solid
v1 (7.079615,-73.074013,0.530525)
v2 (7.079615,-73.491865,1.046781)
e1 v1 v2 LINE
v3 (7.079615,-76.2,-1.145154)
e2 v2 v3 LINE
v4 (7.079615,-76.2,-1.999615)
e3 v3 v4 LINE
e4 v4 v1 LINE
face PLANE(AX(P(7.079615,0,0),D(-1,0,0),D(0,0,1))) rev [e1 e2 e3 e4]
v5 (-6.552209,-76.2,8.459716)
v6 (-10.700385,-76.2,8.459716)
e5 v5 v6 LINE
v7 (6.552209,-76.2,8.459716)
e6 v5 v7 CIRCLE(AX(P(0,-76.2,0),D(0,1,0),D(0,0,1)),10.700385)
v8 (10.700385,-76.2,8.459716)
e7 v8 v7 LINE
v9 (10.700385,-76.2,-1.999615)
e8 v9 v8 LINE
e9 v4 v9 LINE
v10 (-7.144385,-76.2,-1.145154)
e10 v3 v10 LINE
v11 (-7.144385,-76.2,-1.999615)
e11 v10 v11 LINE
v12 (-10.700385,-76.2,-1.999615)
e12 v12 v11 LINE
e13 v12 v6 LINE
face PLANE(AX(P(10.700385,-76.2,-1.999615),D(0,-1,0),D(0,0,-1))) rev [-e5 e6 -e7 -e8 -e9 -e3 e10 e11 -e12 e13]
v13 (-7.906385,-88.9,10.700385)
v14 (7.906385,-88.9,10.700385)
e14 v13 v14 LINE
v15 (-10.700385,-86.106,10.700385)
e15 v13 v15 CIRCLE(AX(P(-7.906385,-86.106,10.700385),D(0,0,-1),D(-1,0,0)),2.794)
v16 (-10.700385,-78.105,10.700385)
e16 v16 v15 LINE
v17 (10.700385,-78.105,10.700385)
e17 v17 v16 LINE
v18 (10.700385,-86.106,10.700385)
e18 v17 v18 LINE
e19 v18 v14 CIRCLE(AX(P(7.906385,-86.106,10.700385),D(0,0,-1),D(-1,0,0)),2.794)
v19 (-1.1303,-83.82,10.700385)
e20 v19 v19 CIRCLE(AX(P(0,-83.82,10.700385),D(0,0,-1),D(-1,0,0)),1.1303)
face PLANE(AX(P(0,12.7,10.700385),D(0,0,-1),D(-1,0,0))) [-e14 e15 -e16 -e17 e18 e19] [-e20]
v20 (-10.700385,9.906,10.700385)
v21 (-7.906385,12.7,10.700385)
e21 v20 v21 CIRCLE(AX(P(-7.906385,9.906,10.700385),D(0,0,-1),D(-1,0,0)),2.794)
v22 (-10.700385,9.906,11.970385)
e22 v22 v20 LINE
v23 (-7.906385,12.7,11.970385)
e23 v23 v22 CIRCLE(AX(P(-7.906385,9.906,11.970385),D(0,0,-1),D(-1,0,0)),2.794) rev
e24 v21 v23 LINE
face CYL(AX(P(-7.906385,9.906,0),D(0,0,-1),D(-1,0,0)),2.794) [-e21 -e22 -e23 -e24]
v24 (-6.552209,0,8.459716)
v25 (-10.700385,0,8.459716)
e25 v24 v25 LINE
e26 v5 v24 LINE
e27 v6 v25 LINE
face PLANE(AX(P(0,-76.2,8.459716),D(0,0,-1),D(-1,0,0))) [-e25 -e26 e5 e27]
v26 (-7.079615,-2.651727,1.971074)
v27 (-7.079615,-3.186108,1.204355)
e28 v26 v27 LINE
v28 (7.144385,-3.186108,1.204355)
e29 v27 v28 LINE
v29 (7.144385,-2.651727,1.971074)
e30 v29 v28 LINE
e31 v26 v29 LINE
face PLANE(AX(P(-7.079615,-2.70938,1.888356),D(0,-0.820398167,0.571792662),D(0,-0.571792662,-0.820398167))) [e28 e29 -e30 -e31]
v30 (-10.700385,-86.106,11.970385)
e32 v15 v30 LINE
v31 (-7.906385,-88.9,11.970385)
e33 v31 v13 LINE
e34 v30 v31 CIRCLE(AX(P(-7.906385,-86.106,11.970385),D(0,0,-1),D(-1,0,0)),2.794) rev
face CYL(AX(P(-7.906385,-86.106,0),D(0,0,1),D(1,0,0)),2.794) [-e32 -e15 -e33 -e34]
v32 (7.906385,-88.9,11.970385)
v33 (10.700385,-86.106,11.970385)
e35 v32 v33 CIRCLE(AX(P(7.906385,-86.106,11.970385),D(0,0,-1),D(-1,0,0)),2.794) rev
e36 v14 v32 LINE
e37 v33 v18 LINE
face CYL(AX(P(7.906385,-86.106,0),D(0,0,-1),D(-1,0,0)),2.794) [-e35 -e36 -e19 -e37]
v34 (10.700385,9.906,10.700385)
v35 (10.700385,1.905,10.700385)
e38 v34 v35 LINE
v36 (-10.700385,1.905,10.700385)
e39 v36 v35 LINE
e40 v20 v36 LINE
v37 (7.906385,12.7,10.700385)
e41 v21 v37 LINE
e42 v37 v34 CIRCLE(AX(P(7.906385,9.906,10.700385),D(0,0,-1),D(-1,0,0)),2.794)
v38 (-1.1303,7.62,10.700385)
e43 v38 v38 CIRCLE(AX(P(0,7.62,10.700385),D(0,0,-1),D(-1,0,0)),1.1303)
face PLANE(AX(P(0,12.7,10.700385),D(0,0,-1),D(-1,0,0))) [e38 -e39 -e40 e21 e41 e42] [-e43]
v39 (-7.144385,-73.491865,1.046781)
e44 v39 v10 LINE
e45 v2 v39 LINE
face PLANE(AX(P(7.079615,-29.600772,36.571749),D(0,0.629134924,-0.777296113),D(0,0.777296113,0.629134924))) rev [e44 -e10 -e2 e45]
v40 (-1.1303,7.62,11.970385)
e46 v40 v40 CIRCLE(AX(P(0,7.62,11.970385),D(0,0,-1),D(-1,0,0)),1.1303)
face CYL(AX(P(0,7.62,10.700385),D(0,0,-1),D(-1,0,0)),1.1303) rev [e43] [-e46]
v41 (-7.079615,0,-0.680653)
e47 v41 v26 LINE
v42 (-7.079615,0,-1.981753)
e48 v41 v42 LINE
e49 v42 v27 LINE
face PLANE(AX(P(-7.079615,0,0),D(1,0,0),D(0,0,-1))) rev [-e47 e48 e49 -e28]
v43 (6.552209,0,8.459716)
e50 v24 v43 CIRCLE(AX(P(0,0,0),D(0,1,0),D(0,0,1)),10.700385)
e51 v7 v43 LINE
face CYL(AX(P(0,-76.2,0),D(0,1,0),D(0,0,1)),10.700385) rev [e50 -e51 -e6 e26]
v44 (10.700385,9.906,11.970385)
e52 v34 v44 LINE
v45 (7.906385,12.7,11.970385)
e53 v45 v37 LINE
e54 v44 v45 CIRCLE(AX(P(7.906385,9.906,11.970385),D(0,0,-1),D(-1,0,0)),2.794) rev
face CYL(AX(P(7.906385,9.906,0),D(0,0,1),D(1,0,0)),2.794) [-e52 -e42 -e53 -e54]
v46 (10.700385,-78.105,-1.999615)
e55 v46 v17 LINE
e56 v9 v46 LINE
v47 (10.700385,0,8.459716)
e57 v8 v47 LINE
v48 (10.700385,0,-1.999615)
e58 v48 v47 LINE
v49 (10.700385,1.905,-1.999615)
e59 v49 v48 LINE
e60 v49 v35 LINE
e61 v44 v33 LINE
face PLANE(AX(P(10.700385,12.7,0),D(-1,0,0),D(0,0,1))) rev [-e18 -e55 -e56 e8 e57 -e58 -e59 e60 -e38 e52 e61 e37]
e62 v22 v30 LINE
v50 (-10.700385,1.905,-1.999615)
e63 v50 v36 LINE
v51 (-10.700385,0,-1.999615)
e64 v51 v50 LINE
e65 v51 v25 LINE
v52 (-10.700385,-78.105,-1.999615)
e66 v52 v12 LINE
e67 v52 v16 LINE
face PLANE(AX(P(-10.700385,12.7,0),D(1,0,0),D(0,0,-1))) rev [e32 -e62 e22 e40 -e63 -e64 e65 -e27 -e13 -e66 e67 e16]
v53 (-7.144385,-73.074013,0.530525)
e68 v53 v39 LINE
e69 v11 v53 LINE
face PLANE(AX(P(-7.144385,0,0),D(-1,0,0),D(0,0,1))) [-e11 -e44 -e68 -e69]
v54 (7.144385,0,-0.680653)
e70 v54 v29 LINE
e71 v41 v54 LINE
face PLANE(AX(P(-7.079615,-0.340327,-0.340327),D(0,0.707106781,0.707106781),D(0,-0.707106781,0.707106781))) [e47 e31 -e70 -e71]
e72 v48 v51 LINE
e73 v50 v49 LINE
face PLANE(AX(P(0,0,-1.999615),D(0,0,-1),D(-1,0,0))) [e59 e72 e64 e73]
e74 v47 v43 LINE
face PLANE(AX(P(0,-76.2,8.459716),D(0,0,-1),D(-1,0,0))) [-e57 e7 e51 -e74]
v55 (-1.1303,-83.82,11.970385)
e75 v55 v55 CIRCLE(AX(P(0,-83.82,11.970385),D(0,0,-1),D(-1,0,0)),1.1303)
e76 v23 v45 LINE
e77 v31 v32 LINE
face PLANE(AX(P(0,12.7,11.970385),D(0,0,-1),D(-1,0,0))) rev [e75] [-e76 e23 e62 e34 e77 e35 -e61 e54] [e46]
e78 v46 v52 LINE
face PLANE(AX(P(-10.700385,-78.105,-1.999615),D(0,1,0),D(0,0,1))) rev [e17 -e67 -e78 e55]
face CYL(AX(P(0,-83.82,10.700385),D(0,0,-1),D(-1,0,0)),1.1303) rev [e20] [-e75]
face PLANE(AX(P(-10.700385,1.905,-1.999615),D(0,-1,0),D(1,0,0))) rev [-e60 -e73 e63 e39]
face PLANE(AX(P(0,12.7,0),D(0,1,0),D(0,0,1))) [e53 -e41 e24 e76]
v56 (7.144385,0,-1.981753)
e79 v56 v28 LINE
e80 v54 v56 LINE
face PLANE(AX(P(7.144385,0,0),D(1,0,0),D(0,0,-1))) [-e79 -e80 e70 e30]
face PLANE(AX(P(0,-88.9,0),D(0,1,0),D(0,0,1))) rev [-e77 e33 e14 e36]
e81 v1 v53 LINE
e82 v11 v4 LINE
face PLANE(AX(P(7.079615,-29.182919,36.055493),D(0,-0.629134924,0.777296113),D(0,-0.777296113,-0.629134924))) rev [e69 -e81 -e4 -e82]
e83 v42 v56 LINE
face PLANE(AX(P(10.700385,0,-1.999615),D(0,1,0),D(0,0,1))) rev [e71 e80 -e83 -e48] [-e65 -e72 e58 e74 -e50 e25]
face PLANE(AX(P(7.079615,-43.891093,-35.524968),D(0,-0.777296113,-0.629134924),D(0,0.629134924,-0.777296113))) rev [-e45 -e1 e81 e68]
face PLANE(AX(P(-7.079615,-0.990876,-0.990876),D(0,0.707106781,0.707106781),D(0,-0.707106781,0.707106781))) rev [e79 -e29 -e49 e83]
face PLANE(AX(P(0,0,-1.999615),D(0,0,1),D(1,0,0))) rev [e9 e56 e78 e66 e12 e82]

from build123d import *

# Parameters (mm, degrees)
BOSS_EXTRUDE3_DEPTH       = 12.7
BOSS_EXTRUDE3_DEPTH_BACK  = 88.9
BOSS_EXTRUDE4_DEPTH       = 76.2
SKETCH3_W                 = 21.40077
SKETCH3_H                 = 1.905
BOSS_EXTRUDE5_DEPTH       = 12.7
SKETCH4_W                 = 21.40077
SKETCH4_H                 = 1.905
BOSS_EXTRUDE6_DEPTH       = 12.7
BOSS_EXTRUDE7_DEPTH       = 17.78
CUT_EXTRUDE1_DEPTH        = 3.556
BOSS_EXTRUDE8_DEPTH       = 17.78
CUT_EXTRUDE2_DEPTH        = 3.556
F_4_40_TAPPED_HOLE1_D     = 2.2606
F_4_40_TAPPED_HOLE1_DEPTH = 7.62
F_4_40_TAPPED_HOLE1_TIP   = 0.679152758
FILLET1_R                 = 2.794


with BuildPart() as part:
    # Sketch2 → Boss-Extrude3 (new, two sides: drawn at the far end of the back side and taken through both)
    with BuildSketch(Plane(origin=(0, 0, 0), x_dir=(1, 0, 0), z_dir=(0, 1, 0)).offset(-BOSS_EXTRUDE3_DEPTH_BACK)):
        Polygon((10.700385, -10.700385), (0, -10.700385), (-10.700385, -10.700385), (-10.700385, -11.970385), (10.700385, -11.970385), align=None)
    extrude(amount=BOSS_EXTRUDE3_DEPTH + BOSS_EXTRUDE3_DEPTH_BACK)

    # Sketch2<3> → Boss-Extrude4 (add)
    with BuildSketch(Plane(origin=(0, 0, 0), x_dir=(1, 0, 0), z_dir=(0, 1, 0))):
        with BuildLine():
            ThreePointArc((0, -10.700385), (-3.462370633, -10.124733515), (-6.552209101, -8.459716014))
            Line((-6.552209101, -8.459716014), (-10.700385, -8.459716014))
            Line((-10.700385, -8.459716014), (-10.700385, -10.700385))
            Line((-10.700385, -10.700385), (0, -10.700385))
        make_face()
        with BuildLine():
            ThreePointArc((6.552209101, -8.459716014), (3.462370633, -10.124733515), (0, -10.700385))
            Line((0, -10.700385), (10.700385, -10.700385))
            Line((10.700385, -10.700385), (10.700385, -8.459716014))
            Line((10.700385, -8.459716014), (6.552209101, -8.459716014))
        make_face()
    extrude(amount=-BOSS_EXTRUDE4_DEPTH)

    # Sketch3 → Boss-Extrude5 (add)
    with BuildSketch(Plane(origin=(0, 0, 10.700385), x_dir=(-1, 0, 0), z_dir=(0, 0, -1))):
        with Locations((0, 0.9525)):
            Rectangle(SKETCH3_W, SKETCH3_H)
    extrude(amount=BOSS_EXTRUDE5_DEPTH)

    # Sketch4 → Boss-Extrude6 (add)
    with BuildSketch(Plane(origin=(0, 0, 10.700385), x_dir=(-1, 0, 0), z_dir=(0, 0, -1))):
        with Locations((0, -77.1525)):
            Rectangle(SKETCH4_W, SKETCH4_H)
    extrude(amount=BOSS_EXTRUDE6_DEPTH)

    # Sketch5 → Boss-Extrude7 (add)
    with BuildSketch(Plane(origin=(10.700385, 0, 0), x_dir=(0, 0, -1), z_dir=(1, 0, 0))):
        Polygon((-1.204354753, -3.186107507), (1.981752753, 0), (0.680653279, 0), (-1.971074087, -2.651727366), align=None)
    extrude(amount=-BOSS_EXTRUDE7_DEPTH)

    # Sketch5<4> → Cut-Extrude1 (cut)
    with BuildSketch(Plane(origin=(10.700385, 0, 0), x_dir=(0, 0, -1), z_dir=(1, 0, 0))):
        Polygon((-1.204354753, -3.186107507), (1.981752753, 0), (0.680653279, 0), (-1.971074087, -2.651727366), align=None)
    extrude(amount=-CUT_EXTRUDE1_DEPTH, mode=Mode.SUBTRACT)

    # Sketch6 → Boss-Extrude8 (add)
    with BuildSketch(Plane.ZY.offset(10.700385)):
        Polygon((0.530524719, -73.074012724), (-1.999615, -76.2), (-1.145153821, -76.2), (1.046780976, -73.49186486), align=None)
    extrude(amount=-BOSS_EXTRUDE8_DEPTH)

    # Sketch6<3> → Cut-Extrude2 (cut)
    with BuildSketch(Plane.ZY.offset(10.700385)):
        Polygon((0.530524719, -73.074012724), (-1.999615, -76.2), (-1.145153821, -76.2), (1.046780976, -73.49186486), align=None)
    extrude(amount=-CUT_EXTRUDE2_DEPTH, mode=Mode.SUBTRACT)

    # #4-40 Tapped Hole1
    with Locations(Plane(origin=(0, 0, 10.700385), x_dir=(-1, 0, 0), z_dir=(0, 0, -1))):
        with Locations((0, -83.82), (0, 7.62)):
            Hole(F_4_40_TAPPED_HOLE1_D / 2, depth=F_4_40_TAPPED_HOLE1_DEPTH)
            with Locations((0, 0, -(F_4_40_TAPPED_HOLE1_DEPTH + F_4_40_TAPPED_HOLE1_TIP / 2))):  # 118° drill point
                Cone(0, F_4_40_TAPPED_HOLE1_D / 2, F_4_40_TAPPED_HOLE1_TIP, mode=Mode.SUBTRACT)

    # Fillet1
    fillet1_edges = [part.edges().sort_by_distance(p)[0] for p in [
        (-10.700385, -88.9, 11.335385),
        (10.700385, -88.9, 11.335385),
        (-10.700385, 12.7, 11.335385),
        (10.700385, 12.7, 11.335385),
    ]]
    fillet(fillet1_edges, radius=FILLET1_R)


solid = part.part
